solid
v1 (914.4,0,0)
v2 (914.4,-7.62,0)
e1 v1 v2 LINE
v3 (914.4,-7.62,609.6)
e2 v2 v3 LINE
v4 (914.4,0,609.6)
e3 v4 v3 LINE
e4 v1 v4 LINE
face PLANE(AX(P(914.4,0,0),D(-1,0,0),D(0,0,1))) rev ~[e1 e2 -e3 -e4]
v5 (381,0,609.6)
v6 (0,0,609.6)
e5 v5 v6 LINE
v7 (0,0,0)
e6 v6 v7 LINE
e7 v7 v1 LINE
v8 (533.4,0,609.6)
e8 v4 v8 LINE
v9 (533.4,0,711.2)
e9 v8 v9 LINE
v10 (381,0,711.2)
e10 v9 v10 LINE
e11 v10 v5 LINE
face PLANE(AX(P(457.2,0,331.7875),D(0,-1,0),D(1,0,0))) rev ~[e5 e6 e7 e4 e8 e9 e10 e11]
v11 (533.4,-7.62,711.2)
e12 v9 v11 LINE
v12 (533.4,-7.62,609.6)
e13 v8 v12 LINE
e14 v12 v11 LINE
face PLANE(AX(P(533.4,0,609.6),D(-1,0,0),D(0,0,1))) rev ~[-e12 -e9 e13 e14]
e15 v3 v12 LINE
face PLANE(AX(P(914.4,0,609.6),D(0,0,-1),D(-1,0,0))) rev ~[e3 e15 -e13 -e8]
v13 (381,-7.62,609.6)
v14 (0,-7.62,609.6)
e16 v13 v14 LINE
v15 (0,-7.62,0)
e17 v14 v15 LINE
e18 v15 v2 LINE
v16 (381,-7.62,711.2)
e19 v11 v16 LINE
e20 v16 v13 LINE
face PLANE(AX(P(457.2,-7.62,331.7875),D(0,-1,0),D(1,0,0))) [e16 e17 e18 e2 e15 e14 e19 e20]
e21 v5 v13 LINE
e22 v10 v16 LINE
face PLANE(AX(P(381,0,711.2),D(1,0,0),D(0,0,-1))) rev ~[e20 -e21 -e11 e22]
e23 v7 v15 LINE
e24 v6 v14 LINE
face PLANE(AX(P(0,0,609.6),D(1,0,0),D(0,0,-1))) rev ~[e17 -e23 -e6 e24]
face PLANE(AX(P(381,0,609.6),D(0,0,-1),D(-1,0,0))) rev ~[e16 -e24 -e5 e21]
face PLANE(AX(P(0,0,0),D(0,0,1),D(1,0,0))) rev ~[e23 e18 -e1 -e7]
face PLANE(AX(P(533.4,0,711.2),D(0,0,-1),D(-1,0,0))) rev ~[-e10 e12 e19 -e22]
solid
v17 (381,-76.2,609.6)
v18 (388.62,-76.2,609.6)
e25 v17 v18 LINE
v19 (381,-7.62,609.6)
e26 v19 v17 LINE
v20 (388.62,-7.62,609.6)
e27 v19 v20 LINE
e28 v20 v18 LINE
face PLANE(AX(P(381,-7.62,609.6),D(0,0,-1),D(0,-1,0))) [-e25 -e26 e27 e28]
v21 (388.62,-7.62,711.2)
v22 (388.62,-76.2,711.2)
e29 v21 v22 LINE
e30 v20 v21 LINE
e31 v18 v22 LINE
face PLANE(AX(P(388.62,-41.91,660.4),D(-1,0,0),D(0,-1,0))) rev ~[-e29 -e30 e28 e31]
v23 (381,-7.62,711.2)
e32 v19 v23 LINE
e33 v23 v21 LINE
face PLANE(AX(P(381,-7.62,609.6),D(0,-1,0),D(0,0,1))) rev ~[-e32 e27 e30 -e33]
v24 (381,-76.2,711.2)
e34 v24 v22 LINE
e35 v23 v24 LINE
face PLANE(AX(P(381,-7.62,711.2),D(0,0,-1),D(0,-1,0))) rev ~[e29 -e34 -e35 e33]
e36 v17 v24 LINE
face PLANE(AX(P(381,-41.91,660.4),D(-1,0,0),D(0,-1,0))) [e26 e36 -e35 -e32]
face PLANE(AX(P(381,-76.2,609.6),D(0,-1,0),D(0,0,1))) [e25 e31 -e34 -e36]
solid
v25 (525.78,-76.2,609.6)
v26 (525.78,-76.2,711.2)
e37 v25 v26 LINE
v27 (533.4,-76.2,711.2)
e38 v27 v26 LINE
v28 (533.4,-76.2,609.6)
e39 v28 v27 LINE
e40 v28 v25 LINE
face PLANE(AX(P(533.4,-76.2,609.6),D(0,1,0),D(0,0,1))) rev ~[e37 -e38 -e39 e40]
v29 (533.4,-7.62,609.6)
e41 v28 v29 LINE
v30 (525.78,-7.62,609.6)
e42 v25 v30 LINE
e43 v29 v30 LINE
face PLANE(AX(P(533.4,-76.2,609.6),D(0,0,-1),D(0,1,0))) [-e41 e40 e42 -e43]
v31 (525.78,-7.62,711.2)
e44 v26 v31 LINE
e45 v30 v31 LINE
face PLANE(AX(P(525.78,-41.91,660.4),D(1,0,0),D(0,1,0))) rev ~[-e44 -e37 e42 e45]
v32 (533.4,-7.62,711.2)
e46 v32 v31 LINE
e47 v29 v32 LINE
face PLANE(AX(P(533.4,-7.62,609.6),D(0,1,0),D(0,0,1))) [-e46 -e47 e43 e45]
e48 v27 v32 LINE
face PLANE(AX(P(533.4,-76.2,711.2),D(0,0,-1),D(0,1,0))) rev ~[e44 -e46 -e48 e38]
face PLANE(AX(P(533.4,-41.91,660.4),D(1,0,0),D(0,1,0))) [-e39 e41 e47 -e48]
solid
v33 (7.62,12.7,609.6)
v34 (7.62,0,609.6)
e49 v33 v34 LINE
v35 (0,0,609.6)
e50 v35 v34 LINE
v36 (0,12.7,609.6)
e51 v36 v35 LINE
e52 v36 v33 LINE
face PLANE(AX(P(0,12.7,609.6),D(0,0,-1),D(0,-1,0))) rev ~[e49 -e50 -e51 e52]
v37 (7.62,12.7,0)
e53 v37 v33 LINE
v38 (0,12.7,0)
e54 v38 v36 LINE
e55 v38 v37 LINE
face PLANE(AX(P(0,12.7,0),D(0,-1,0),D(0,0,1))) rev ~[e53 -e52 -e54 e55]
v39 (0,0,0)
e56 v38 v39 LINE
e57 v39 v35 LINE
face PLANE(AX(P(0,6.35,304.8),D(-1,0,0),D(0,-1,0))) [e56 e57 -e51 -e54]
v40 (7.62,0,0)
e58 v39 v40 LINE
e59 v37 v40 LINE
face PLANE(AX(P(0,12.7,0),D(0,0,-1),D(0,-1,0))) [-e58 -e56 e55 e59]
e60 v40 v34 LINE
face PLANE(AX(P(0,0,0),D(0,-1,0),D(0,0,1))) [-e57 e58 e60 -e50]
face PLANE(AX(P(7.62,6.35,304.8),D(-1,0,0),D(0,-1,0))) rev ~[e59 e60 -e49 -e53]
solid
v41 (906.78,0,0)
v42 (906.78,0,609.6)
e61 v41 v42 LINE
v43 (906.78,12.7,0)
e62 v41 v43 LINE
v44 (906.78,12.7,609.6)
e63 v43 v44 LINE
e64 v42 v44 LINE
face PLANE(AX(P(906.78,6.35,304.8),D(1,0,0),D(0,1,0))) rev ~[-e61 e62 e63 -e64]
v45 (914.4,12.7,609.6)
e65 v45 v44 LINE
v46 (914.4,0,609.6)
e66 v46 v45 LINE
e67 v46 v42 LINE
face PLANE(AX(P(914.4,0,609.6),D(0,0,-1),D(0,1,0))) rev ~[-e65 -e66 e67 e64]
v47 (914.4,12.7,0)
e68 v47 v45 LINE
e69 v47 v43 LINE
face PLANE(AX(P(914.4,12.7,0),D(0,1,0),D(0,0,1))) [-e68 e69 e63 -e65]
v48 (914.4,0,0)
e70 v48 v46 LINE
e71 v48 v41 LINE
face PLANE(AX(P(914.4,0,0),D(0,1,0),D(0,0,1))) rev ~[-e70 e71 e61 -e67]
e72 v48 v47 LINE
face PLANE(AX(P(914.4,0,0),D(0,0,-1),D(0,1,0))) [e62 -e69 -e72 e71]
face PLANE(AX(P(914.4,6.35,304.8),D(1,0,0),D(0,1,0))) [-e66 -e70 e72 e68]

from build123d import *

# Parameters (mm, degrees)
F1_DEPTH = 7.62
F2_W     = 68.58
F2_H     = 101.6
F3_DEPTH = 7.62
F4_W     = 68.58
F4_H     = 101.6
F5_DEPTH = 7.62
F6_W     = 12.7
F6_H     = 609.6
F7_DEPTH = 7.62
F8_W     = 12.7
F8_H     = 609.6
F9_DEPTH = 7.62


with BuildPart() as f1:
    # F0 (on Front) → F1 (new body)
    with BuildSketch(Plane.XZ):
        Polygon((0, 609.6), (0, 0), (914.4, 0), (914.4, 609.6), (533.4, 609.6), (533.4, 711.2), (381, 711.2), (381, 609.6), align=None)
    extrude(amount=F1_DEPTH)


with BuildPart() as f3:
    # F2 (on face) → F3 (new body)
    with BuildSketch(Plane(origin=(381, 0, 0), x_dir=(0, -1, 0), z_dir=(-1, 0, 0))):
        with Locations((41.91, 660.4)):
            Rectangle(F2_W, F2_H)
    extrude(amount=-F3_DEPTH)


with BuildPart() as f5:
    # F4 (on face) → F5 (new body)
    with BuildSketch(Plane.YZ.offset(533.4)):
        with Locations((-41.91, 660.4)):
            Rectangle(F4_W, F4_H)
    extrude(amount=-F5_DEPTH)


with BuildPart() as f7:
    # F6 (on face) → F7 (new body)
    with BuildSketch(Plane.YZ.offset(914.4)):
        with Locations((6.35, 304.8)):
            Rectangle(F6_W, F6_H)
    extrude(amount=-F7_DEPTH)


with BuildPart() as f9:
    # F8 (on face) → F9 (new body)
    with BuildSketch(Plane(origin=(0, 0, 0), x_dir=(0, -1, 0), z_dir=(-1, 0, 0))):
        with Locations((-6.35, 304.8)):
            Rectangle(F8_W, F8_H)
    extrude(amount=-F9_DEPTH)


solid = Compound([f1.part, f3.part, f5.part, f7.part, f9.part])
